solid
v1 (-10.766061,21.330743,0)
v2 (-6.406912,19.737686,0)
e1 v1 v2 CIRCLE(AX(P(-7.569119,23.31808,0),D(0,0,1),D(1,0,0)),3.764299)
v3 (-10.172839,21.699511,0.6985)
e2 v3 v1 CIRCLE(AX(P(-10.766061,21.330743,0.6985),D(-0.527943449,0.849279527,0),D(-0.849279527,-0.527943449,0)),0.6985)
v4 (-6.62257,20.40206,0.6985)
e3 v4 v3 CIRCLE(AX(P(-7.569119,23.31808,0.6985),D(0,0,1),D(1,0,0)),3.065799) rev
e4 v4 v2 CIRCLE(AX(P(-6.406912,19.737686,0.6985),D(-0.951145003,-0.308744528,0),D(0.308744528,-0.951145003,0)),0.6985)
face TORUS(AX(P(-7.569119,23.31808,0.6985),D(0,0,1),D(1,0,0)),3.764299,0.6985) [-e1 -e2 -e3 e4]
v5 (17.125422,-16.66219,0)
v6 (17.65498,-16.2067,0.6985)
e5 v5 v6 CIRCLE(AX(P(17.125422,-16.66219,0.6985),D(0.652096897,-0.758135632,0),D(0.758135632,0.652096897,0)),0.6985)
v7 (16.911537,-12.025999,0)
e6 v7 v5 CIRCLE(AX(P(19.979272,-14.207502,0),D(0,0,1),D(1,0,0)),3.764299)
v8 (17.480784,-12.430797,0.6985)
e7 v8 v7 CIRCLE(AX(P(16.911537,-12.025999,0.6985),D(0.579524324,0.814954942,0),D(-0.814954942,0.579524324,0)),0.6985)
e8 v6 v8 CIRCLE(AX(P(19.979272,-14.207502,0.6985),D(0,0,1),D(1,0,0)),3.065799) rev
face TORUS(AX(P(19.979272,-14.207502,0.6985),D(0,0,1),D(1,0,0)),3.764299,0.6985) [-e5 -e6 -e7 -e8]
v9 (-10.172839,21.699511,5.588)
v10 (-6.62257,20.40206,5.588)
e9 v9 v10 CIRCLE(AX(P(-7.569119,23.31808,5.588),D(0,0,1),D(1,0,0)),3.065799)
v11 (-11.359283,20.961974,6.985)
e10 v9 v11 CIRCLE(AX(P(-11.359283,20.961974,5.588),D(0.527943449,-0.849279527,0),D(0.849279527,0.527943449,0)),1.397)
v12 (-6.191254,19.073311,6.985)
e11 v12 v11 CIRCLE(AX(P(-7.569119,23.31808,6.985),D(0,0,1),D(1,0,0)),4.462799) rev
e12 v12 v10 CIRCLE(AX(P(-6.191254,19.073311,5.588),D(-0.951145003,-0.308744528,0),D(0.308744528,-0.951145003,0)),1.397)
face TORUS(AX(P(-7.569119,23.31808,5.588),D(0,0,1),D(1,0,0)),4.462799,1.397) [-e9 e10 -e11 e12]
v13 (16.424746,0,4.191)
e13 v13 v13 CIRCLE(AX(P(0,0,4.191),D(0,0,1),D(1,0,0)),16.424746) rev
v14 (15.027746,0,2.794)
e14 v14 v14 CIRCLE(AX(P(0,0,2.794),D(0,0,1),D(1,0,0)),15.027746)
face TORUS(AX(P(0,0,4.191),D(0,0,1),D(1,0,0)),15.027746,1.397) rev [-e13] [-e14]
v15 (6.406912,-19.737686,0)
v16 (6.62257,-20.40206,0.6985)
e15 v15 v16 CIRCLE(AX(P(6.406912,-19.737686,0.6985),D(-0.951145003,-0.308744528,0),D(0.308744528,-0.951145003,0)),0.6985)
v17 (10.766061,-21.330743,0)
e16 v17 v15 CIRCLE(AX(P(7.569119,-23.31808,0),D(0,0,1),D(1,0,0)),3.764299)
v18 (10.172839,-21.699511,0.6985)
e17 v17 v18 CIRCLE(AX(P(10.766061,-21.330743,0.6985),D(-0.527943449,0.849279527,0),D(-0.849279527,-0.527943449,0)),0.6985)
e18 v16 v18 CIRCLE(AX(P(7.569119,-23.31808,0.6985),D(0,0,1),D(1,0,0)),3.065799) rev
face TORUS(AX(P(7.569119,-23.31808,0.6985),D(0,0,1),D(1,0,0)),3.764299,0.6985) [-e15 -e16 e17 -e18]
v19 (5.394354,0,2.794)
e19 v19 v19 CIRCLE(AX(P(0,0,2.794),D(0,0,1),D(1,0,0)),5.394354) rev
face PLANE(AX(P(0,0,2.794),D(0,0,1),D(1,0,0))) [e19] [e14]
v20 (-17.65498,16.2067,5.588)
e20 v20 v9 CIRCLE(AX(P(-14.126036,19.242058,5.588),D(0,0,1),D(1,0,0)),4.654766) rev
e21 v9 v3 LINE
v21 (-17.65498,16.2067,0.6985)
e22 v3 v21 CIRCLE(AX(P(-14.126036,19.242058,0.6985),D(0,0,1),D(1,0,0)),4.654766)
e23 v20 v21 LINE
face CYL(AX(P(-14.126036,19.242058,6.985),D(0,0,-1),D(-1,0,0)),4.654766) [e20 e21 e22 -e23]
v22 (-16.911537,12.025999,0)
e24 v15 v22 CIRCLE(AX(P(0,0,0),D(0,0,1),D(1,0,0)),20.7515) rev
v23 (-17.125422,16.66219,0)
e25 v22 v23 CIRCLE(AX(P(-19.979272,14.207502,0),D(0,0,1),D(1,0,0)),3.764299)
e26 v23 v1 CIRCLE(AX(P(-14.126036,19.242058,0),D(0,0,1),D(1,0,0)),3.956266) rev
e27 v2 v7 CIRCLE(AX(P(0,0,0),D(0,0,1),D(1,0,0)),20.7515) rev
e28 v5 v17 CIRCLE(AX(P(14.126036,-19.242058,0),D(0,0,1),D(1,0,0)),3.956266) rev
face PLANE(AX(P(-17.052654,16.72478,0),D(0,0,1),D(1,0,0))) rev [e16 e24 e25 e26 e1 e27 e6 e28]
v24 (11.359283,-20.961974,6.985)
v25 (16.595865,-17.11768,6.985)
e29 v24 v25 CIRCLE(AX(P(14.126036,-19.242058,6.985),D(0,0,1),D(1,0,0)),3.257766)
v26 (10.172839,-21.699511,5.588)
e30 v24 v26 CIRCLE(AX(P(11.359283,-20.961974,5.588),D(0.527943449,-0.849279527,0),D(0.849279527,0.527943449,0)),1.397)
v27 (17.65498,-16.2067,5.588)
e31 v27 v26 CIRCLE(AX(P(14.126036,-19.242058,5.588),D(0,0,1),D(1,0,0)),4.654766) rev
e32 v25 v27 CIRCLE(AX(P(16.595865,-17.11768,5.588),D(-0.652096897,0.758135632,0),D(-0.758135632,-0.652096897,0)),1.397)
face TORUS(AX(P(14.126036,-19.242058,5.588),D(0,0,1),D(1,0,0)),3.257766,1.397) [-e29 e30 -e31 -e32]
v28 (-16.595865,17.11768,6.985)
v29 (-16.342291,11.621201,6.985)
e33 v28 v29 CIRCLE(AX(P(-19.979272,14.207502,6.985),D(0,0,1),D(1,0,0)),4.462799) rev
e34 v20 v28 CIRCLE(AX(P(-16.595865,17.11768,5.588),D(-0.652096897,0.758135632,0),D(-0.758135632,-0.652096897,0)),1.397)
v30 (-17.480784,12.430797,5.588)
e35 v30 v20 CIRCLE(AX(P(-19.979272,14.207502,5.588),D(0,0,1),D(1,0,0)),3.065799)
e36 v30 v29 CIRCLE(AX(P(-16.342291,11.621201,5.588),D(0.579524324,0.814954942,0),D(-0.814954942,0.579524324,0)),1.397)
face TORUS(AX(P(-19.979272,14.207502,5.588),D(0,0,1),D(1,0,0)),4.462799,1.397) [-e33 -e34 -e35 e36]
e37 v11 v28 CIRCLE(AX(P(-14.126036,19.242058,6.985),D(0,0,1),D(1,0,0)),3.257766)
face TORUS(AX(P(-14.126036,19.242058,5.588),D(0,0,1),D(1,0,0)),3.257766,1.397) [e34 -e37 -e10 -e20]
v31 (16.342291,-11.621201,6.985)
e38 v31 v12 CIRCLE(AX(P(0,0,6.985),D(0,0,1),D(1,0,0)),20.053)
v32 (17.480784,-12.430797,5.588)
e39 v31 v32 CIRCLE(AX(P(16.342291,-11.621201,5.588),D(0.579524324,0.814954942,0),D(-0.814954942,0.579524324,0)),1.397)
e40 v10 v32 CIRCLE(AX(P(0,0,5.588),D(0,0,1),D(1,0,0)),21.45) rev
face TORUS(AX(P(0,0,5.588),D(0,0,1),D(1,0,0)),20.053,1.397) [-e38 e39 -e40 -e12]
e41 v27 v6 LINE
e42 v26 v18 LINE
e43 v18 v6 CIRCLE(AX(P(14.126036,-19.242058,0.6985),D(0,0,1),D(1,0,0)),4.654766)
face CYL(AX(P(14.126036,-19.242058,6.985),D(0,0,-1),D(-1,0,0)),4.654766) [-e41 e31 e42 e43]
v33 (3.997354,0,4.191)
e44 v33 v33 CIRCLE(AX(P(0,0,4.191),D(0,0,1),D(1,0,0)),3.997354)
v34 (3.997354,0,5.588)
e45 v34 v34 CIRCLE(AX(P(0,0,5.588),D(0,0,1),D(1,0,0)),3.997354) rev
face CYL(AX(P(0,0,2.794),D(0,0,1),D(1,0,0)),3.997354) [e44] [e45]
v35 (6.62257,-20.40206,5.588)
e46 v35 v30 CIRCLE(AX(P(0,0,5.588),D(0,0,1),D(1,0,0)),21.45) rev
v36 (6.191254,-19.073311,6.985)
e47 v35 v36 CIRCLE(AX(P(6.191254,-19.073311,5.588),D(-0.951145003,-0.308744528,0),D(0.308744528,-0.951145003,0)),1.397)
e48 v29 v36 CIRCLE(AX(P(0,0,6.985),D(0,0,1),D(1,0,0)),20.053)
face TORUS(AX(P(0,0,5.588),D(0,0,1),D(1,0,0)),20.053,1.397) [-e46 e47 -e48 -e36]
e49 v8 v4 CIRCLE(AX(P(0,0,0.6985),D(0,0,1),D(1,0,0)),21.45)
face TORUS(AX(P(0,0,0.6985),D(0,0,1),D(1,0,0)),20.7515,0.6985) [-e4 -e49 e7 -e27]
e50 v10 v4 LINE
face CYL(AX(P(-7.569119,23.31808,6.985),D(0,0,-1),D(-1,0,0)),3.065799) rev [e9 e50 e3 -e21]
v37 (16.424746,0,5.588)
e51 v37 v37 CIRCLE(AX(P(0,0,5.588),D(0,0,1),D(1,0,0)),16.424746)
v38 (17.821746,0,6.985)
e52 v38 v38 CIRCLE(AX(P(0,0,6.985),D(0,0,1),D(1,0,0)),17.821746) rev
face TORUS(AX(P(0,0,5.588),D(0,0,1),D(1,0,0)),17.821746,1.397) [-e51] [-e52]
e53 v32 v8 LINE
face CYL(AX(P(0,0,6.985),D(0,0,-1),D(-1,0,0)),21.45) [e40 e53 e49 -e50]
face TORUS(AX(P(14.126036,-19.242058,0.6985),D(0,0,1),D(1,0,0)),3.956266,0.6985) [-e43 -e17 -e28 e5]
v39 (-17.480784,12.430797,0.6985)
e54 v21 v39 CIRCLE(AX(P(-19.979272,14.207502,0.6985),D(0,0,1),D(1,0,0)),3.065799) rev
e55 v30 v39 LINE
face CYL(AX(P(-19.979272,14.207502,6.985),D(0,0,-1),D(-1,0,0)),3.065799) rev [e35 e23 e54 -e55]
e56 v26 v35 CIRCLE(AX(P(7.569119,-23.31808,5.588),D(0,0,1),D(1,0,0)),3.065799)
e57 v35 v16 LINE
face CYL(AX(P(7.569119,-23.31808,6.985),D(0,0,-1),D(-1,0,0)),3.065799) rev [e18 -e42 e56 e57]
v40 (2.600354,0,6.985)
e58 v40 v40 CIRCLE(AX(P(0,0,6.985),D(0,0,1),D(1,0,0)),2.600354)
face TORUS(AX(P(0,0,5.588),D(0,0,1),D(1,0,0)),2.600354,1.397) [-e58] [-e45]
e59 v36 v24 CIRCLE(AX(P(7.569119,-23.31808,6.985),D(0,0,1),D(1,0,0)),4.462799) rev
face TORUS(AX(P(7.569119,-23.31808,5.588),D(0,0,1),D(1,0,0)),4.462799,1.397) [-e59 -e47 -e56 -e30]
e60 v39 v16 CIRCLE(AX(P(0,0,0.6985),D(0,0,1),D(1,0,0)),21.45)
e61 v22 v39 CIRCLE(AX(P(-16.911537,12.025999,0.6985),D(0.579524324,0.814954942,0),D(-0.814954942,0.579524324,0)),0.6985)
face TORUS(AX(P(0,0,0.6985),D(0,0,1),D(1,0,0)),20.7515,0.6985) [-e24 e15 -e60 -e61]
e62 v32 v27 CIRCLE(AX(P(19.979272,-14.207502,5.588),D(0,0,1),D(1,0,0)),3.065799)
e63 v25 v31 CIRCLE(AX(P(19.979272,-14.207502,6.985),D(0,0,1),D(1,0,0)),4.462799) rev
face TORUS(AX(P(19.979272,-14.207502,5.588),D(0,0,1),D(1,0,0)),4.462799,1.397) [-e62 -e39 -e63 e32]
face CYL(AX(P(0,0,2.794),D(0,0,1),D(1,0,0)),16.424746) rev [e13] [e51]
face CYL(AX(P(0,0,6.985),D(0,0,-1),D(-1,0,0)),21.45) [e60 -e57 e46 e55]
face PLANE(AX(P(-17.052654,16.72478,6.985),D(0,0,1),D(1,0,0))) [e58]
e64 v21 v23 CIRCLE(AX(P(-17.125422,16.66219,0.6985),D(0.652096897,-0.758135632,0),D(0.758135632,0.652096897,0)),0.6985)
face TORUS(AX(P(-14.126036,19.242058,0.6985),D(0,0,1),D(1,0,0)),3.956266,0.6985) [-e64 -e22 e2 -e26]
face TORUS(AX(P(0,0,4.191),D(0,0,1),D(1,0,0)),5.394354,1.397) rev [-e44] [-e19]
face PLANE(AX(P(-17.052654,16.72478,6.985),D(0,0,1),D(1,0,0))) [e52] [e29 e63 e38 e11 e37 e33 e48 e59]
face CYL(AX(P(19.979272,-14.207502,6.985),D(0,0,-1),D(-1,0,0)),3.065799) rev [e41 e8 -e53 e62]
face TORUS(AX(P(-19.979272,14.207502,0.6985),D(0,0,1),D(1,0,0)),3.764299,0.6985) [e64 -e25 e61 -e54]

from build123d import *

# Parameters (mm, degrees)
EXTRUDE1_DEPTH = 6.35
SKETCH3_R      = 14.931587509
SKETCH3_R_2    = 3.633957754
EXTRUDE2_DEPTH = 3.81
FILLET1_R      = 1.27
FILLET2_R      = 1.27
FILLET3_R      = 0.635
SCALE1_SCALE   = 1.1


with BuildPart() as part:
    # Sketch2 → Extrude1 (new body)
    with BuildSketch(Plane.XY):
        with BuildLine():
            ThreePointArc((-9.248035812, 19.726828474), (-7.837681185, 18.580494802), (-6.020518287, 18.547327558))
            ThreePointArc((-6.020518287, 18.547327558), (15.718976408, 11.539661203), (15.891621368, -11.300724326))
            ThreePointArc((15.891621368, -11.300724326), (15.378845284, -13.044353228), (16.049981911, -14.733363795))
            ThreePointArc((16.049981911, -14.733363795), (15.346019988, -20.903882871), (9.248035812, -19.726828474))
            ThreePointArc((9.248035812, -19.726828474), (7.837681185, -18.580494802), (6.020518287, -18.547327558))
            ThreePointArc((6.020518287, -18.547327558), (-15.718976408, -11.539661203), (-15.891621368, 11.300724326))
            ThreePointArc((-15.891621368, 11.300724326), (-15.378845284, 13.044353229), (-16.049981911, 14.733363795))
            ThreePointArc((-16.049981911, 14.733363795), (-15.346019988, 20.903882871), (-9.248035812, 19.726828474))
        make_face()
    extrude(amount=EXTRUDE1_DEPTH)

    # Sketch3 → Extrude2 (cut)
    with BuildSketch(Plane.XY.offset(6.35)):
        Circle(SKETCH3_R)
        Circle(SKETCH3_R_2, mode=Mode.SUBTRACT)
    extrude(amount=-EXTRUDE2_DEPTH, mode=Mode.SUBTRACT)

    # Fillet1
    fillet1_edges = [part.edges().sort_by_distance(p)[0] for p in [
        (-14.931587509, 0, 2.54),
        (-3.633957754, 0, 2.54),
        (-14.931587509, 0, 6.35),
        (-3.633957754, 0, 6.35),
    ]]
    fillet(fillet1_edges, radius=FILLET1_R)

    # Fillet2
    fillet2_edges = [part.edges().sort_by_distance(p)[0] for p in [
        (-15.718976408, -11.539661203, 6.35),
        (7.837681185, -18.580494802, 6.35),
        (15.346019988, -20.903882871, 6.35),
        (15.378845284, -13.044353228, 6.35),
        (15.718976408, 11.539661203, 6.35),
        (-7.837681185, 18.580494802, 6.35),
        (-15.346019988, 20.903882871, 6.35),
        (-15.378845284, 13.044353229, 6.35),
    ]]
    fillet(fillet2_edges, radius=FILLET2_R)

    # Fillet3
    fillet3_edges = [part.edges().sort_by_distance(p)[0] for p in [
        (-15.378845284, 13.044353229, 0),
        (-15.346019988, 20.903882871, 0),
        (-7.837681185, 18.580494802, 0),
        (15.718976408, 11.539661203, 0),
        (15.378845284, -13.044353228, 0),
        (15.346019988, -20.903882871, 0),
        (7.837681185, -18.580494802, 0),
        (-15.718976408, -11.539661203, 0),
    ]]
    fillet(fillet3_edges, radius=FILLET3_R)


with BuildPart() as part_1:
    # Scale1: scaled about (0, 0, 0)
    add(part.part.scale(SCALE1_SCALE))


solid = part_1.part
